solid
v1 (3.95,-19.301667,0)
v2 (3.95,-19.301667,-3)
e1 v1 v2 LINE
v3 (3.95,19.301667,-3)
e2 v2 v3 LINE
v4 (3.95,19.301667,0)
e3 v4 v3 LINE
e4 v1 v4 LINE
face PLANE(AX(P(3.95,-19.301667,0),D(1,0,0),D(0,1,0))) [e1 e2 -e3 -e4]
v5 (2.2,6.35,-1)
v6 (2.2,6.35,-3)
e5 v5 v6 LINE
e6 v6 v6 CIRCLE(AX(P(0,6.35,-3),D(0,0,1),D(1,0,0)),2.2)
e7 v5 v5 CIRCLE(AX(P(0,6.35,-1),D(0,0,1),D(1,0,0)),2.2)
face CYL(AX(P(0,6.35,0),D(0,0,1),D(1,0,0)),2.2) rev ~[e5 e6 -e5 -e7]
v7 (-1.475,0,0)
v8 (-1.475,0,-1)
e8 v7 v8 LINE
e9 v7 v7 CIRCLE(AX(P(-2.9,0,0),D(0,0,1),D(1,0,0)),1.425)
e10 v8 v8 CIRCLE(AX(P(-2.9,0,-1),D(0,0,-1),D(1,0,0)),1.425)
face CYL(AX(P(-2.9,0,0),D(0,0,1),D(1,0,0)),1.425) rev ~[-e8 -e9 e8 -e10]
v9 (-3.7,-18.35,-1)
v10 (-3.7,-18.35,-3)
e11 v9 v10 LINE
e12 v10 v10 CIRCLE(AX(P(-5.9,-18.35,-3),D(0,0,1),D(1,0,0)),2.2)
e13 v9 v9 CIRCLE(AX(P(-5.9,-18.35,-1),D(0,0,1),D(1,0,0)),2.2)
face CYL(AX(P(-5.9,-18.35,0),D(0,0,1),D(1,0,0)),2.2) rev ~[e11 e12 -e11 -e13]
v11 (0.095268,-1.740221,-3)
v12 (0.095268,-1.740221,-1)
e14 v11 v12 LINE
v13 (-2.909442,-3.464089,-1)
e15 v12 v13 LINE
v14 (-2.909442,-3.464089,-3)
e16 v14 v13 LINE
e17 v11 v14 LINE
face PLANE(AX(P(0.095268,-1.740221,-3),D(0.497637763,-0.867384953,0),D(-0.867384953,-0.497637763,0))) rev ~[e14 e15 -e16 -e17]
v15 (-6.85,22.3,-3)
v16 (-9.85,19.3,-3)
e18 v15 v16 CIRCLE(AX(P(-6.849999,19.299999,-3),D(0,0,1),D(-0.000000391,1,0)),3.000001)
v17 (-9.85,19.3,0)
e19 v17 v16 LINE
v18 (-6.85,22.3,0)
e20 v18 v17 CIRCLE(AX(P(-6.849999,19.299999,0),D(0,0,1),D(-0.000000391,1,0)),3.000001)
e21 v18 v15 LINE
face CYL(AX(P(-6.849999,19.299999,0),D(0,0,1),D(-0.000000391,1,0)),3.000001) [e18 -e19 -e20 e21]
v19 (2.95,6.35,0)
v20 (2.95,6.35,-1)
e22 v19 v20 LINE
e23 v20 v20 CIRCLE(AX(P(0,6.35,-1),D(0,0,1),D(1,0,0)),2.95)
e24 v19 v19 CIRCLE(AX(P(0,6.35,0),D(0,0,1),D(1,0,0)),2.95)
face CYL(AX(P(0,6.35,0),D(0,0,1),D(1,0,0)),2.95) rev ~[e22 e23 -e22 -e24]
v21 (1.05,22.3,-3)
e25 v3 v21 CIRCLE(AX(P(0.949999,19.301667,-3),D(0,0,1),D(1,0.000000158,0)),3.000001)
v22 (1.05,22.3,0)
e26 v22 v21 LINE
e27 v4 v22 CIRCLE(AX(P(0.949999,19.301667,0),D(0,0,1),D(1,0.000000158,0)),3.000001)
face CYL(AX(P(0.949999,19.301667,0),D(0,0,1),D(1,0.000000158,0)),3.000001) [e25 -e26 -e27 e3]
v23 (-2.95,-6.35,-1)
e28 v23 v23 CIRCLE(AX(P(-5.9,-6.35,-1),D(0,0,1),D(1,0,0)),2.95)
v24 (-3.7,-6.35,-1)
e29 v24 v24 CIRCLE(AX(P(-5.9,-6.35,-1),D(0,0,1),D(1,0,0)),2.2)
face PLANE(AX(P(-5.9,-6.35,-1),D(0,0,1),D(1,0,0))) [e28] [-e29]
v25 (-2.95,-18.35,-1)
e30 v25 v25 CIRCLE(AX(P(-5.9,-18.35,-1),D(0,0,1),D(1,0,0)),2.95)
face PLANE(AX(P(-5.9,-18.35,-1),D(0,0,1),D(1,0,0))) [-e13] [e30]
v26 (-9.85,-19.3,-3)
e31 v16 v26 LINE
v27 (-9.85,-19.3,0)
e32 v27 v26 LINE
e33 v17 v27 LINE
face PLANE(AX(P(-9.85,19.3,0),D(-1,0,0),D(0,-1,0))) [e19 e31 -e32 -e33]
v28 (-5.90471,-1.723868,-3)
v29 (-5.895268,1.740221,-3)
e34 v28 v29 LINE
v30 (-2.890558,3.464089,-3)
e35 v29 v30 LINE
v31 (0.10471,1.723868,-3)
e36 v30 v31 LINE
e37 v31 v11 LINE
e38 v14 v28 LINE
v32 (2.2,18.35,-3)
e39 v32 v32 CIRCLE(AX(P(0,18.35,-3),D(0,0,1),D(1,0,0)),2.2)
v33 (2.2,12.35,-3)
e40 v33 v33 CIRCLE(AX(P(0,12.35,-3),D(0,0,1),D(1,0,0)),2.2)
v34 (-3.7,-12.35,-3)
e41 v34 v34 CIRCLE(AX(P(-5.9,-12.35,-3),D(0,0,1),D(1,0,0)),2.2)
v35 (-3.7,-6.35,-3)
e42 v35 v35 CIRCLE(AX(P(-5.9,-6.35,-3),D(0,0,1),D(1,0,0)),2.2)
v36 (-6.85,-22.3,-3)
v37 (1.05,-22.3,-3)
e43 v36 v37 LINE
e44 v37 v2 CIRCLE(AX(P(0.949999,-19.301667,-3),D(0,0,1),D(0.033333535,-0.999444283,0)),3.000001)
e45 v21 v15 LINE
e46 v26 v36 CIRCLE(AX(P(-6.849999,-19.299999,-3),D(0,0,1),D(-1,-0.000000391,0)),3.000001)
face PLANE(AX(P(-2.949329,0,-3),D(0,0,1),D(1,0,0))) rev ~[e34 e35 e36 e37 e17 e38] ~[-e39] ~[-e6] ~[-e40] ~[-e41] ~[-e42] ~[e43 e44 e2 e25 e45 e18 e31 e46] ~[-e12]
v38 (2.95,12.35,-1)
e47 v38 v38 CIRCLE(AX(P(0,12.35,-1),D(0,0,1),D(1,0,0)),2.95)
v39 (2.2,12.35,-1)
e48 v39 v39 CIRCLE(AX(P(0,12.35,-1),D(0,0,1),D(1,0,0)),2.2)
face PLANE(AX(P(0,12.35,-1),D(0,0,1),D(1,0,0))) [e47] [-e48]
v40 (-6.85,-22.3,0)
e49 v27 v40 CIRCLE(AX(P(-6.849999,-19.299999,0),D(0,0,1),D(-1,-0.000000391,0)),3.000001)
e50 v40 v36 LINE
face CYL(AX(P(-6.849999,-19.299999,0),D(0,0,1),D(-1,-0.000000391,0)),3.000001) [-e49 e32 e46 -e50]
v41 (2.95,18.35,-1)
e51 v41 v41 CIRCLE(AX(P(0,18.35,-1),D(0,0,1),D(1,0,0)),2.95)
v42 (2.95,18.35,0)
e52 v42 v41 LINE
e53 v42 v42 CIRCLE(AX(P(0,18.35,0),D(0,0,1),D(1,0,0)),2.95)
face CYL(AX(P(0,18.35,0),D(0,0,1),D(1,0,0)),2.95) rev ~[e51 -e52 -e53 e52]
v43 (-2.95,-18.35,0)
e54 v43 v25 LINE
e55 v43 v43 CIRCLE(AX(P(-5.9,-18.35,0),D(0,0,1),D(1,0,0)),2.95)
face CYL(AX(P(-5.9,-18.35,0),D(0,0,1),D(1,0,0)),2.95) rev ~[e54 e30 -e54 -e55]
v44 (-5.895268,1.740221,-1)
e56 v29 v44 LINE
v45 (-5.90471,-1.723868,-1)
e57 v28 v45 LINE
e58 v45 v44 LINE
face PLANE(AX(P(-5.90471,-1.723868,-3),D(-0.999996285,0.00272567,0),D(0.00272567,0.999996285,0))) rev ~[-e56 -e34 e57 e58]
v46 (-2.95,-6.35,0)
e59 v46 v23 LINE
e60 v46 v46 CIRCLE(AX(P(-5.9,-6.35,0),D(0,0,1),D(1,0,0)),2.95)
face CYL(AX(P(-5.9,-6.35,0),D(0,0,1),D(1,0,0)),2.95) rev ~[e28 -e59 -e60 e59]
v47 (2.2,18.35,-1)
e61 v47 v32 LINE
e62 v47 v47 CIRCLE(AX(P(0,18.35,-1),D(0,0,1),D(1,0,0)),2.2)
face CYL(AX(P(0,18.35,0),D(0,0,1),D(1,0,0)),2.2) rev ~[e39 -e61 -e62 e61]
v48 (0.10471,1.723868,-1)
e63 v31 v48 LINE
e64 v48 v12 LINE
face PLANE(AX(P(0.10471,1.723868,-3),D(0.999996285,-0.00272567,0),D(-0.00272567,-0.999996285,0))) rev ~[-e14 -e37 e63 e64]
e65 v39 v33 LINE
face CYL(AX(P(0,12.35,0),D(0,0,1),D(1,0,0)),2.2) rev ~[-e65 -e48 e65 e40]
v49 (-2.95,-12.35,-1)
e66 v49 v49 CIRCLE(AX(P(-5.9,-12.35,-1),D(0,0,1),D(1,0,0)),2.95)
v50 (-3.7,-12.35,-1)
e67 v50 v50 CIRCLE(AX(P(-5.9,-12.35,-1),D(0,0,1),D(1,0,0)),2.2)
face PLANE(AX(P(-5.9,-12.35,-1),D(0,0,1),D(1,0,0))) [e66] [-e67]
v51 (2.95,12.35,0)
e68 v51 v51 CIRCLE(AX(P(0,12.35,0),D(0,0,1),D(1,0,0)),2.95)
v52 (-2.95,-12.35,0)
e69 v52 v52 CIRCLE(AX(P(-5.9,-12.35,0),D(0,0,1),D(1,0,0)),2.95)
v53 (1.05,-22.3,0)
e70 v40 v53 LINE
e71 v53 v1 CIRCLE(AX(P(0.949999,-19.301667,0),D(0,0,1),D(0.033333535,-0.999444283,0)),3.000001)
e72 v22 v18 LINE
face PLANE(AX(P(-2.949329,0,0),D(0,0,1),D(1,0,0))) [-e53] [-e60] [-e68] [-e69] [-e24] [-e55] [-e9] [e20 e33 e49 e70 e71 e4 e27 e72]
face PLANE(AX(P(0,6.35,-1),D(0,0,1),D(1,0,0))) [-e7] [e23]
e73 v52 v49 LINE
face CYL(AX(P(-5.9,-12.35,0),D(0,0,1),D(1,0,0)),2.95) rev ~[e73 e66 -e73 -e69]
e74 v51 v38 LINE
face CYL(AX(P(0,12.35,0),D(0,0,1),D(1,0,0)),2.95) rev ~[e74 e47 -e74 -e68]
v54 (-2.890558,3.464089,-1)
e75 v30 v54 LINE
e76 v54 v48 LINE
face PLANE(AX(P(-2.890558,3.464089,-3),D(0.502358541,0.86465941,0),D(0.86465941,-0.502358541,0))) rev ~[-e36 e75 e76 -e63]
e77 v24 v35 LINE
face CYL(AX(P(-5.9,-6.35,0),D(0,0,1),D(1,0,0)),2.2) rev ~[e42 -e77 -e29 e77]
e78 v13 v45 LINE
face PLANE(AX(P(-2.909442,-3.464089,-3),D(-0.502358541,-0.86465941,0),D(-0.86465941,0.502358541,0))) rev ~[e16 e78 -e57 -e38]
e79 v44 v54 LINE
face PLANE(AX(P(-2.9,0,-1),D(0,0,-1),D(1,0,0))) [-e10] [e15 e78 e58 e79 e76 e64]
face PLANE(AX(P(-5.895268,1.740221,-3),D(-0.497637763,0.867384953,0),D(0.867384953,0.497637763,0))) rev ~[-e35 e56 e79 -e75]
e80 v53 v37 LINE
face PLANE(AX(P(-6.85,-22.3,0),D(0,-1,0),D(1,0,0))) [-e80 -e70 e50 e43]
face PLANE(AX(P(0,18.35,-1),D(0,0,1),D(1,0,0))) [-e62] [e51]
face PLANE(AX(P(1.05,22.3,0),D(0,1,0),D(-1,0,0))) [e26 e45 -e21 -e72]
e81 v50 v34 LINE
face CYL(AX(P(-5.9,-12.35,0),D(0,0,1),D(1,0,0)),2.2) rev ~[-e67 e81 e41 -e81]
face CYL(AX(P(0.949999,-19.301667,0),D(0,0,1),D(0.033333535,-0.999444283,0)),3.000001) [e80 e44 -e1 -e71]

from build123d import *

# Parameters (mm, degrees)
F0_R     = 2.95
F0_R_2   = 2.2
F0_R_3   = 1.425
F1_DEPTH = 3
F2_DEPTH = 1
F3_R     = 1.425
F4_DEPTH = 2


with BuildPart() as f1:
    # F0 (on Top) → F1 (new body)
    with BuildSketch(Plane.XY):
        with BuildLine():
            Line((3.95, -19.301667), (3.95, 0))
            Line((3.95, 0), (3.95, 19.301667))
            ThreePointArc((3.95, 19.301667), (3.106386, 21.387332), (1.05, 22.3))
            Line((1.05, 22.3), (-6.85, 22.3))
            ThreePointArc((-6.85, 22.3), (-8.97132, 21.42132), (-9.85, 19.3))
            Line((-9.85, 19.3), (-9.85, 0))
            Line((-9.85, 0), (-9.85, -19.3))
            ThreePointArc((-9.85, -19.3), (-8.97132, -21.42132), (-6.85, -22.3))
            Line((-6.85, -22.3), (1.05, -22.3))
            ThreePointArc((1.05, -22.3), (3.106386, -21.387332), (3.95, -19.301667))
        make_face()
        with Locations((-5.9, -18.35)):
            Circle(F0_R, mode=Mode.SUBTRACT)
        with Locations((-5.9, -12.35)):
            Circle(F0_R, mode=Mode.SUBTRACT)
        with Locations((-5.9, -6.35)):
            Circle(F0_R, mode=Mode.SUBTRACT)
        Polygon((0.082537, 1.761952), (0.117164, -1.701977), (-2.865373, -3.463929), (-5.882537, -1.761952), (-5.917164, 1.701977), (-2.934627, 3.463929), align=None, mode=Mode.SUBTRACT)
        with Locations((0, 6.35)):
            Circle(F0_R, mode=Mode.SUBTRACT)
        with Locations((0, 12.35)):
            Circle(F0_R, mode=Mode.SUBTRACT)
        with Locations((0, 18.35)):
            Circle(F0_R, mode=Mode.SUBTRACT)
        with Locations((0, 18.35)):
            Circle(F0_R)
        with Locations((0, 18.35)):
            Circle(F0_R_2, mode=Mode.SUBTRACT)
        with Locations((0, 12.35)):
            Circle(F0_R)
        with Locations((0, 12.35)):
            Circle(F0_R_2, mode=Mode.SUBTRACT)
        Polygon((-2.865373, -3.463929), (0.117164, -1.701977), (0.082537, 1.761952), (-2.934627, 3.463929), (-5.917164, 1.701977), (-5.882537, -1.761952), align=None)
        with Locations((-2.9, 0)):
            Circle(F0_R_3, mode=Mode.SUBTRACT)
        with Locations((-5.9, -6.35)):
            Circle(F0_R)
        with Locations((-5.9, -6.35)):
            Circle(F0_R_2, mode=Mode.SUBTRACT)
        with Locations((-5.9, -12.35)):
            Circle(F0_R)
        with Locations((-5.9, -12.35)):
            Circle(F0_R_2, mode=Mode.SUBTRACT)
        with Locations((-5.9, -18.35)):
            Circle(F0_R)
        with Locations((-5.9, -18.35)):
            Circle(F0_R_2, mode=Mode.SUBTRACT)
        with Locations((0, 6.35)):
            Circle(F0_R)
        with Locations((0, 6.35)):
            Circle(F0_R_2, mode=Mode.SUBTRACT)
    extrude(amount=-F1_DEPTH)

    # F0 (on Top) → F2 (cut)
    with BuildSketch(Plane.XY):
        with Locations((-5.9, -6.35)):
            Circle(F0_R)
        with Locations((-5.9, -6.35)):
            Circle(F0_R_2, mode=Mode.SUBTRACT)
        with Locations((-5.9, -12.35)):
            Circle(F0_R)
        with Locations((-5.9, -12.35)):
            Circle(F0_R_2, mode=Mode.SUBTRACT)
        with Locations((-5.9, -18.35)):
            Circle(F0_R)
        with Locations((-5.9, -18.35)):
            Circle(F0_R_2, mode=Mode.SUBTRACT)
        with Locations((0, 18.35)):
            Circle(F0_R)
        with Locations((0, 18.35)):
            Circle(F0_R_2, mode=Mode.SUBTRACT)
        with Locations((0, 12.35)):
            Circle(F0_R)
        with Locations((0, 12.35)):
            Circle(F0_R_2, mode=Mode.SUBTRACT)
        with Locations((0, 6.35)):
            Circle(F0_R)
        with Locations((0, 6.35)):
            Circle(F0_R_2, mode=Mode.SUBTRACT)
    extrude(amount=-F2_DEPTH, mode=Mode.SUBTRACT)

    # F3 (on face) → F4 (cut)
    with BuildSketch(Plane(origin=(0, 0, -3), x_dir=(1, 0, 0), z_dir=(0, 0, -1))):
        Polygon((-2.890558, -3.464089), (0.10471, -1.723868), (0.095268, 1.740221), (-2.909442, 3.464089), (-5.90471, 1.723868), (-5.895268, -1.740221), align=None)
        with Locations((-2.9, 0)):
            Circle(F3_R, mode=Mode.SUBTRACT)
    extrude(amount=-F4_DEPTH, mode=Mode.SUBTRACT)


solid = f1.part
